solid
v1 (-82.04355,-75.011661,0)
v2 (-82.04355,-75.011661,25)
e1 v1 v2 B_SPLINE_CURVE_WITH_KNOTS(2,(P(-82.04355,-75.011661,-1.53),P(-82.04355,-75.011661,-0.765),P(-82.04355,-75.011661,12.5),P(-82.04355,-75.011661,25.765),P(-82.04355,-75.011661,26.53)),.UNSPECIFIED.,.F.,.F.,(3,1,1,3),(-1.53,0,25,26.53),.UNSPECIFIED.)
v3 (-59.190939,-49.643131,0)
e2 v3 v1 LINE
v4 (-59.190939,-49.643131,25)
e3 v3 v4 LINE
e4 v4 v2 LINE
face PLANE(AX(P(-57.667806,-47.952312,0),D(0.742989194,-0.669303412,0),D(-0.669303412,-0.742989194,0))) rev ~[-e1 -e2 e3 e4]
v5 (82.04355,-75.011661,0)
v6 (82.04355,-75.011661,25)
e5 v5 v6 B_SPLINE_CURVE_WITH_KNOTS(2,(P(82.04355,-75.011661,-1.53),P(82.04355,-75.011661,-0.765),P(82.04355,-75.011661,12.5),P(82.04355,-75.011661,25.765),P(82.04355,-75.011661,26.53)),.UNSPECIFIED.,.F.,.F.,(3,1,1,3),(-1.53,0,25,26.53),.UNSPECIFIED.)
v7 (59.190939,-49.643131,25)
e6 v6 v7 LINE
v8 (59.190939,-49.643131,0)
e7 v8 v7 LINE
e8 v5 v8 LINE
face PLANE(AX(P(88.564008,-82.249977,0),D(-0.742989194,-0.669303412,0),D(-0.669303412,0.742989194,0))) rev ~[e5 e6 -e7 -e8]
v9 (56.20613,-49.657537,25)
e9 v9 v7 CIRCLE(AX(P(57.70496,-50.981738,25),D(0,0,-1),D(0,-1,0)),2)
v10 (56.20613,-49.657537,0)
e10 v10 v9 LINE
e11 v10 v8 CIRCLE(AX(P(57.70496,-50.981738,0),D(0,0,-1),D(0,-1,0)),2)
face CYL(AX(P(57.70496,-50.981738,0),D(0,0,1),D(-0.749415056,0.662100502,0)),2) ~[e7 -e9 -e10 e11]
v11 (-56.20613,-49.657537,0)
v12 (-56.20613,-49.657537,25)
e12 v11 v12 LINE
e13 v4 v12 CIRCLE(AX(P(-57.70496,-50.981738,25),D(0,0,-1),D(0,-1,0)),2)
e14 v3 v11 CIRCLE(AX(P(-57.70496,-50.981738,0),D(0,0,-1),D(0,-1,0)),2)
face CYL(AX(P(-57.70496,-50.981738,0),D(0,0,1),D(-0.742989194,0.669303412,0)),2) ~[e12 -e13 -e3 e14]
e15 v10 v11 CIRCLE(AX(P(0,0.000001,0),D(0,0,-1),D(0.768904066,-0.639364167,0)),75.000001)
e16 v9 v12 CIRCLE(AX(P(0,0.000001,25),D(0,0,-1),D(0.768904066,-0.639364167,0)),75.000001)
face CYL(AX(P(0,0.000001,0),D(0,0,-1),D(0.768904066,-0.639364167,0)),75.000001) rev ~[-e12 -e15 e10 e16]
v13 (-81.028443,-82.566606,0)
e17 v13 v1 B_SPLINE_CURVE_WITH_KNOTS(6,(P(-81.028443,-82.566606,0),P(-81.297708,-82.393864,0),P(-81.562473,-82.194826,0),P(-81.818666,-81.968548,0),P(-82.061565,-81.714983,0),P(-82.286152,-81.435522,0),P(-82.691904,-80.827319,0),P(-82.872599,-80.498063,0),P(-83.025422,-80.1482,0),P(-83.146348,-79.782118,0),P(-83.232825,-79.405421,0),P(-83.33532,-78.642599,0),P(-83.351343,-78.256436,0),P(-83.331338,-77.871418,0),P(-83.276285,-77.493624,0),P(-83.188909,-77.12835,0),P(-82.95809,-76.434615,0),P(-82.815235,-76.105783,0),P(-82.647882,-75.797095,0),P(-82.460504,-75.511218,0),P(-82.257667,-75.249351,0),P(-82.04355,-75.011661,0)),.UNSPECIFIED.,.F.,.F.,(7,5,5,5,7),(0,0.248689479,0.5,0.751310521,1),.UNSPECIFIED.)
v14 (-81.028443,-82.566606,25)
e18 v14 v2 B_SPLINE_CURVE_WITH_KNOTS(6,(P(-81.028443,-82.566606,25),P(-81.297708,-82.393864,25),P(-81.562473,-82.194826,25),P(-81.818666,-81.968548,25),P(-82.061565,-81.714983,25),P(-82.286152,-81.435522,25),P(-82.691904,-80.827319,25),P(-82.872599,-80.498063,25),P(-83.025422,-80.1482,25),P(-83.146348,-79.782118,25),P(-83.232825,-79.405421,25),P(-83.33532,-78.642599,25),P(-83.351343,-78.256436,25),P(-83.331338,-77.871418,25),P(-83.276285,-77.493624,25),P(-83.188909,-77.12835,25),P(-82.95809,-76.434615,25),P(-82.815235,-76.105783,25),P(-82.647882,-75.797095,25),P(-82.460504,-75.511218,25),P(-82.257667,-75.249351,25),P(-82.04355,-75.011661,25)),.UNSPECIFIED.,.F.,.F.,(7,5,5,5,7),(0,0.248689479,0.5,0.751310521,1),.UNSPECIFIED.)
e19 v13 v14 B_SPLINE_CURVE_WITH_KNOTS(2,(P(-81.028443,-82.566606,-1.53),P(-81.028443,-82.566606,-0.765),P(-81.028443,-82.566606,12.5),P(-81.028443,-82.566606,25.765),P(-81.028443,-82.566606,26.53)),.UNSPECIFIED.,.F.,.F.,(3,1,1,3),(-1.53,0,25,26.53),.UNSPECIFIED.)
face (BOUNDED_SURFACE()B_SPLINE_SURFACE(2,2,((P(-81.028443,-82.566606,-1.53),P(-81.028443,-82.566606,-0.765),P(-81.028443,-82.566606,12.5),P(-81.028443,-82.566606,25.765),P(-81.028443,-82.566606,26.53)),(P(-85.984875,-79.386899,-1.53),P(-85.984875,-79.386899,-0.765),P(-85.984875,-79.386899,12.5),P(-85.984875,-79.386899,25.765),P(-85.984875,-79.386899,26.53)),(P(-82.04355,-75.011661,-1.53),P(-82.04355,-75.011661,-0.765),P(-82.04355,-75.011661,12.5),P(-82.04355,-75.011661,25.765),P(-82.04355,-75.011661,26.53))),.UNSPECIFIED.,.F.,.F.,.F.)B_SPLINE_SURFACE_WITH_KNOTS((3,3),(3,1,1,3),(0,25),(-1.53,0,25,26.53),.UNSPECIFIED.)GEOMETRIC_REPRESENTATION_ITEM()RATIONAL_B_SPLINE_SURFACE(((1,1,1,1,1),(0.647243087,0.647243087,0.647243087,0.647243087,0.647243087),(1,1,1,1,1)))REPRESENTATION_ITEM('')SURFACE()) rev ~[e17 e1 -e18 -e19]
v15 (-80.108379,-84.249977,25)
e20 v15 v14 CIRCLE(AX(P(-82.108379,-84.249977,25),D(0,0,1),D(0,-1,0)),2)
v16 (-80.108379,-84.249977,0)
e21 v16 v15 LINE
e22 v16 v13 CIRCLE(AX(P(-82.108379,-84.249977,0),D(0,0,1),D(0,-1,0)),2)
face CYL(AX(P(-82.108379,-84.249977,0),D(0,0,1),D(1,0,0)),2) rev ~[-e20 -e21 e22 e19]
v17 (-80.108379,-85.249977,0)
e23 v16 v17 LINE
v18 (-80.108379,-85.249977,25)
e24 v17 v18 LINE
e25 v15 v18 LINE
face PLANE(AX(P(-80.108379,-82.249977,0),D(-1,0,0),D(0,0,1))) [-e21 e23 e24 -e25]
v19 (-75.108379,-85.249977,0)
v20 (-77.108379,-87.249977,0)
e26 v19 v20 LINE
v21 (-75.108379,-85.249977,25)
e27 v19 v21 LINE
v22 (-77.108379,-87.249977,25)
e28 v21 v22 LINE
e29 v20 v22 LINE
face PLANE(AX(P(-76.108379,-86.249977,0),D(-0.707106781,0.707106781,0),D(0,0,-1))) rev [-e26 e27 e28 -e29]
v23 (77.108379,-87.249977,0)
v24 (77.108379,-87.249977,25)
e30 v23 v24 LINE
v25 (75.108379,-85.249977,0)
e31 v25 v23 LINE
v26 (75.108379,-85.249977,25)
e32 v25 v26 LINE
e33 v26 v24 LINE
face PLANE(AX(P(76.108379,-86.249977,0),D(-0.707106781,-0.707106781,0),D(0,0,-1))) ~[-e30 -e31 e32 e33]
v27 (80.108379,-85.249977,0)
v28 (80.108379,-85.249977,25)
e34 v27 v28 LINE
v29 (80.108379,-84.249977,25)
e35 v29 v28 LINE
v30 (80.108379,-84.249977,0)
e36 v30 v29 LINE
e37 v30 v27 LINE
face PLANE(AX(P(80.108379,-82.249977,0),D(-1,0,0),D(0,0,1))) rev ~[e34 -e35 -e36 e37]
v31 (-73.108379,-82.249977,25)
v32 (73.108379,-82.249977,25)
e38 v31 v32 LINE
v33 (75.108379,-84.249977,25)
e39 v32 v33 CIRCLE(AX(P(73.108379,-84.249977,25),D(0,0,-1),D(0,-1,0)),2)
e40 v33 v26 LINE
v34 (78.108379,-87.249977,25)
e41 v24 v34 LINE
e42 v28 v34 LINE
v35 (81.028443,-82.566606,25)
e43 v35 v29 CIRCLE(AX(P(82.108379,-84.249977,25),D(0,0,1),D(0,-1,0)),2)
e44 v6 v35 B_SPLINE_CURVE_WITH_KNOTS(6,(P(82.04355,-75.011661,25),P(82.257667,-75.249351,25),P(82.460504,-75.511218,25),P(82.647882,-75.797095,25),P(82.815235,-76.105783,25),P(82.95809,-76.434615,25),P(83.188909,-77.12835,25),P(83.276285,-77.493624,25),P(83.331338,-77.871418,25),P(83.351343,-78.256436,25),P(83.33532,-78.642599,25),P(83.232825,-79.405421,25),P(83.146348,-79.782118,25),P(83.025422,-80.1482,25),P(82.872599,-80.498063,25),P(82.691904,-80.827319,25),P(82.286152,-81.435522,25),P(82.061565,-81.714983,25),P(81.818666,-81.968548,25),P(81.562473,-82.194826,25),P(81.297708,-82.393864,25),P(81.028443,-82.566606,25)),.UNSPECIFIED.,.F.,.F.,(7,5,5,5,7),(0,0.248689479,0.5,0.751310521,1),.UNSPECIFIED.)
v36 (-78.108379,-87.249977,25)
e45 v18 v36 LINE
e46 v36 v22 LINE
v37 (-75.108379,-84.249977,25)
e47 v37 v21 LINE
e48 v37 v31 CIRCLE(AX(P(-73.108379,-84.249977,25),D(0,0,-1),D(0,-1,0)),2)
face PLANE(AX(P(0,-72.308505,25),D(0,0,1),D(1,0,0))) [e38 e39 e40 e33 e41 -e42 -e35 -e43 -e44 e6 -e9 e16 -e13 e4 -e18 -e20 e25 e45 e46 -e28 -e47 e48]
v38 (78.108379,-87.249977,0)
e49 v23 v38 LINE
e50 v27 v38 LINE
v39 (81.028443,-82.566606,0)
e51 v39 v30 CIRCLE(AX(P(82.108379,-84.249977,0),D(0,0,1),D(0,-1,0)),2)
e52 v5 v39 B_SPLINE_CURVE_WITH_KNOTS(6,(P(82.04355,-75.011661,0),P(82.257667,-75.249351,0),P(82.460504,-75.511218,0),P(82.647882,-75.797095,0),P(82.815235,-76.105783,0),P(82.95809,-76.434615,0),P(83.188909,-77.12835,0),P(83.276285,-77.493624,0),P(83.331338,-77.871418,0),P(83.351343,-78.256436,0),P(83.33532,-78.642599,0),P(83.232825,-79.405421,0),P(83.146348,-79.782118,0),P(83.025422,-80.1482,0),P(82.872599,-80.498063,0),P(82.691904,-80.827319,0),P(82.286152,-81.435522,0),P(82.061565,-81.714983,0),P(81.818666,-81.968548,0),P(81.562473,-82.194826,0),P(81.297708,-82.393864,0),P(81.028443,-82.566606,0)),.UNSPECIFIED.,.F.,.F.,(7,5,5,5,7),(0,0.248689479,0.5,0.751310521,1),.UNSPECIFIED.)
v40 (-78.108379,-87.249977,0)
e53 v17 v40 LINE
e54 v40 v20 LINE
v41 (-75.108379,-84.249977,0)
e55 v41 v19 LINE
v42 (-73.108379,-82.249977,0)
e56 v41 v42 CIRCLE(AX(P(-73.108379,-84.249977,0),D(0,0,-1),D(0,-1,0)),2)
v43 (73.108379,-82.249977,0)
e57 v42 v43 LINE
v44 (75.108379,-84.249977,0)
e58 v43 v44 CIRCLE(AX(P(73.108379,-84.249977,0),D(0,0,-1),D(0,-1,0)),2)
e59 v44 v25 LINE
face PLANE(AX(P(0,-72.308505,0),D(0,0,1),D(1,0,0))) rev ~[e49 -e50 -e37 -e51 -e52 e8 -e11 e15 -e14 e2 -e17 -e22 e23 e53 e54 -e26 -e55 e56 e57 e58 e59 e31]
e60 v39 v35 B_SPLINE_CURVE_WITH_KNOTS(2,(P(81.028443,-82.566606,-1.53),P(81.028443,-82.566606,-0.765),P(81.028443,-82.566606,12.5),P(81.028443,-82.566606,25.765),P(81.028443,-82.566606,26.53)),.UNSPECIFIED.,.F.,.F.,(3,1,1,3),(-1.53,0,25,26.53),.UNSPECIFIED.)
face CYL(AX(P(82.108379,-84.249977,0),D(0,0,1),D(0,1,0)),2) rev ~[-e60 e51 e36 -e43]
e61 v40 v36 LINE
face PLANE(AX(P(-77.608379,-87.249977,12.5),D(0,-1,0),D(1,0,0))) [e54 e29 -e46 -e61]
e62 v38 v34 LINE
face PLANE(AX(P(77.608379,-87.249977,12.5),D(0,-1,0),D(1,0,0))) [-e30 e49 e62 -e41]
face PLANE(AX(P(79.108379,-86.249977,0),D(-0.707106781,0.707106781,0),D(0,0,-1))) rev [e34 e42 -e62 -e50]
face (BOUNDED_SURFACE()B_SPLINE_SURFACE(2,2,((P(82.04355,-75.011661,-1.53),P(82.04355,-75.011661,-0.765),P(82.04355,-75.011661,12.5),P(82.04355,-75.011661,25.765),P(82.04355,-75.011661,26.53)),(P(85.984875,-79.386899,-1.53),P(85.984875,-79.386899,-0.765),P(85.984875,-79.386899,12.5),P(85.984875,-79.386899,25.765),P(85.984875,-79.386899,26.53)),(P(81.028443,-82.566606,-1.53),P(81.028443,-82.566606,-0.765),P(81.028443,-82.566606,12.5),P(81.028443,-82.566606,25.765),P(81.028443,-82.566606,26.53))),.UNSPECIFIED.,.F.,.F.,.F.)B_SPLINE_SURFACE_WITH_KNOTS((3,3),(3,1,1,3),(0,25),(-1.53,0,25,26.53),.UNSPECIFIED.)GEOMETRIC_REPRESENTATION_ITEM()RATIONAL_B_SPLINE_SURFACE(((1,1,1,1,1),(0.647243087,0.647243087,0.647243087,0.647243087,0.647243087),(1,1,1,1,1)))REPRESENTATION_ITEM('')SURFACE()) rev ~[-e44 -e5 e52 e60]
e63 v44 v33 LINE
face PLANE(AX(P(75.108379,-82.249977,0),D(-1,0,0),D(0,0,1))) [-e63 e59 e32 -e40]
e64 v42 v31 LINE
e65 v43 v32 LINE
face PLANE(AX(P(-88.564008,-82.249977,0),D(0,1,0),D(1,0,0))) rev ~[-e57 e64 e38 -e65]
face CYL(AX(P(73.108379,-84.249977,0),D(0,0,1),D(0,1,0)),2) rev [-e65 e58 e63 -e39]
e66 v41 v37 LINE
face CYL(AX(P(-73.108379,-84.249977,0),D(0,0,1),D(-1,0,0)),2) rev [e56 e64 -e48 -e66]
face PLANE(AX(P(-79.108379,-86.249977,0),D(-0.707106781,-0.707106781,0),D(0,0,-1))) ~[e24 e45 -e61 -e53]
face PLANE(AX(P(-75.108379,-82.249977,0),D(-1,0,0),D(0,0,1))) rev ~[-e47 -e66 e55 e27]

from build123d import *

# Parameters (mm, degrees)
F1_DEPTH = 25
F2_W     = 5
F2_H     = 25
F3_DEPTH = 5
F4_SIZE  = 2
F5_R     = 2
F6_R     = 5


with BuildPart() as f1:
    # F0 (on Top) → F1 (new body)
    with BuildSketch(Plane.XY):
        with BuildLine():
            ThreePointArc((57.667806, -47.952312), (0, -75), (-57.667806, -47.952312))
            Line((-57.667806, -47.952312), (-88.564008, -82.249977))
            Line((-88.564008, -82.249977), (0, -82.249977))
            Line((0, -82.249977), (88.564008, -82.249977))
            Line((88.564008, -82.249977), (57.667806, -47.952312))
        make_face()
    extrude(amount=F1_DEPTH)

    # F2 (on face) → F3 (join)
    with BuildSketch(Plane.XZ.offset(82.249977)):
        with Locations((77.608379, 12.5)):
            Rectangle(F2_W, F2_H)
        with Locations((-77.608379, 12.5)):
            Rectangle(F2_W, F2_H)
    extrude(amount=F3_DEPTH)

    # F4
    f4_edges = [f1.edges().sort_by_distance(p)[0] for p in [
        (-80.108379, -87.249977, 12.5),
        (-75.108379, -87.249977, 12.5),
        (75.108379, -87.249977, 12.5),
        (80.108379, -87.249977, 12.5),
    ]]
    chamfer(f4_edges, length=F4_SIZE)

    # F5
    f5_edges = [f1.edges().sort_by_distance(p)[0] for p in [
        (-80.108379, -82.249977, 12.5),
        (-75.108379, -82.249977, 12.5),
        (80.108379, -82.249977, 12.5),
        (75.108379, -82.249977, 12.5),
        (57.667806, -47.952312, 12.5),
        (-57.667806, -47.952312, 12.5),
    ]]
    fillet(f5_edges, radius=F5_R)

    # F6
    f6_edges = [f1.edges().sort_by_distance(p)[0] for p in [
        (-88.564008, -82.249977, 12.5),
        (88.564008, -82.249977, 12.5),
    ]]
    fillet(f6_edges, radius=F6_R)


solid = f1.part
